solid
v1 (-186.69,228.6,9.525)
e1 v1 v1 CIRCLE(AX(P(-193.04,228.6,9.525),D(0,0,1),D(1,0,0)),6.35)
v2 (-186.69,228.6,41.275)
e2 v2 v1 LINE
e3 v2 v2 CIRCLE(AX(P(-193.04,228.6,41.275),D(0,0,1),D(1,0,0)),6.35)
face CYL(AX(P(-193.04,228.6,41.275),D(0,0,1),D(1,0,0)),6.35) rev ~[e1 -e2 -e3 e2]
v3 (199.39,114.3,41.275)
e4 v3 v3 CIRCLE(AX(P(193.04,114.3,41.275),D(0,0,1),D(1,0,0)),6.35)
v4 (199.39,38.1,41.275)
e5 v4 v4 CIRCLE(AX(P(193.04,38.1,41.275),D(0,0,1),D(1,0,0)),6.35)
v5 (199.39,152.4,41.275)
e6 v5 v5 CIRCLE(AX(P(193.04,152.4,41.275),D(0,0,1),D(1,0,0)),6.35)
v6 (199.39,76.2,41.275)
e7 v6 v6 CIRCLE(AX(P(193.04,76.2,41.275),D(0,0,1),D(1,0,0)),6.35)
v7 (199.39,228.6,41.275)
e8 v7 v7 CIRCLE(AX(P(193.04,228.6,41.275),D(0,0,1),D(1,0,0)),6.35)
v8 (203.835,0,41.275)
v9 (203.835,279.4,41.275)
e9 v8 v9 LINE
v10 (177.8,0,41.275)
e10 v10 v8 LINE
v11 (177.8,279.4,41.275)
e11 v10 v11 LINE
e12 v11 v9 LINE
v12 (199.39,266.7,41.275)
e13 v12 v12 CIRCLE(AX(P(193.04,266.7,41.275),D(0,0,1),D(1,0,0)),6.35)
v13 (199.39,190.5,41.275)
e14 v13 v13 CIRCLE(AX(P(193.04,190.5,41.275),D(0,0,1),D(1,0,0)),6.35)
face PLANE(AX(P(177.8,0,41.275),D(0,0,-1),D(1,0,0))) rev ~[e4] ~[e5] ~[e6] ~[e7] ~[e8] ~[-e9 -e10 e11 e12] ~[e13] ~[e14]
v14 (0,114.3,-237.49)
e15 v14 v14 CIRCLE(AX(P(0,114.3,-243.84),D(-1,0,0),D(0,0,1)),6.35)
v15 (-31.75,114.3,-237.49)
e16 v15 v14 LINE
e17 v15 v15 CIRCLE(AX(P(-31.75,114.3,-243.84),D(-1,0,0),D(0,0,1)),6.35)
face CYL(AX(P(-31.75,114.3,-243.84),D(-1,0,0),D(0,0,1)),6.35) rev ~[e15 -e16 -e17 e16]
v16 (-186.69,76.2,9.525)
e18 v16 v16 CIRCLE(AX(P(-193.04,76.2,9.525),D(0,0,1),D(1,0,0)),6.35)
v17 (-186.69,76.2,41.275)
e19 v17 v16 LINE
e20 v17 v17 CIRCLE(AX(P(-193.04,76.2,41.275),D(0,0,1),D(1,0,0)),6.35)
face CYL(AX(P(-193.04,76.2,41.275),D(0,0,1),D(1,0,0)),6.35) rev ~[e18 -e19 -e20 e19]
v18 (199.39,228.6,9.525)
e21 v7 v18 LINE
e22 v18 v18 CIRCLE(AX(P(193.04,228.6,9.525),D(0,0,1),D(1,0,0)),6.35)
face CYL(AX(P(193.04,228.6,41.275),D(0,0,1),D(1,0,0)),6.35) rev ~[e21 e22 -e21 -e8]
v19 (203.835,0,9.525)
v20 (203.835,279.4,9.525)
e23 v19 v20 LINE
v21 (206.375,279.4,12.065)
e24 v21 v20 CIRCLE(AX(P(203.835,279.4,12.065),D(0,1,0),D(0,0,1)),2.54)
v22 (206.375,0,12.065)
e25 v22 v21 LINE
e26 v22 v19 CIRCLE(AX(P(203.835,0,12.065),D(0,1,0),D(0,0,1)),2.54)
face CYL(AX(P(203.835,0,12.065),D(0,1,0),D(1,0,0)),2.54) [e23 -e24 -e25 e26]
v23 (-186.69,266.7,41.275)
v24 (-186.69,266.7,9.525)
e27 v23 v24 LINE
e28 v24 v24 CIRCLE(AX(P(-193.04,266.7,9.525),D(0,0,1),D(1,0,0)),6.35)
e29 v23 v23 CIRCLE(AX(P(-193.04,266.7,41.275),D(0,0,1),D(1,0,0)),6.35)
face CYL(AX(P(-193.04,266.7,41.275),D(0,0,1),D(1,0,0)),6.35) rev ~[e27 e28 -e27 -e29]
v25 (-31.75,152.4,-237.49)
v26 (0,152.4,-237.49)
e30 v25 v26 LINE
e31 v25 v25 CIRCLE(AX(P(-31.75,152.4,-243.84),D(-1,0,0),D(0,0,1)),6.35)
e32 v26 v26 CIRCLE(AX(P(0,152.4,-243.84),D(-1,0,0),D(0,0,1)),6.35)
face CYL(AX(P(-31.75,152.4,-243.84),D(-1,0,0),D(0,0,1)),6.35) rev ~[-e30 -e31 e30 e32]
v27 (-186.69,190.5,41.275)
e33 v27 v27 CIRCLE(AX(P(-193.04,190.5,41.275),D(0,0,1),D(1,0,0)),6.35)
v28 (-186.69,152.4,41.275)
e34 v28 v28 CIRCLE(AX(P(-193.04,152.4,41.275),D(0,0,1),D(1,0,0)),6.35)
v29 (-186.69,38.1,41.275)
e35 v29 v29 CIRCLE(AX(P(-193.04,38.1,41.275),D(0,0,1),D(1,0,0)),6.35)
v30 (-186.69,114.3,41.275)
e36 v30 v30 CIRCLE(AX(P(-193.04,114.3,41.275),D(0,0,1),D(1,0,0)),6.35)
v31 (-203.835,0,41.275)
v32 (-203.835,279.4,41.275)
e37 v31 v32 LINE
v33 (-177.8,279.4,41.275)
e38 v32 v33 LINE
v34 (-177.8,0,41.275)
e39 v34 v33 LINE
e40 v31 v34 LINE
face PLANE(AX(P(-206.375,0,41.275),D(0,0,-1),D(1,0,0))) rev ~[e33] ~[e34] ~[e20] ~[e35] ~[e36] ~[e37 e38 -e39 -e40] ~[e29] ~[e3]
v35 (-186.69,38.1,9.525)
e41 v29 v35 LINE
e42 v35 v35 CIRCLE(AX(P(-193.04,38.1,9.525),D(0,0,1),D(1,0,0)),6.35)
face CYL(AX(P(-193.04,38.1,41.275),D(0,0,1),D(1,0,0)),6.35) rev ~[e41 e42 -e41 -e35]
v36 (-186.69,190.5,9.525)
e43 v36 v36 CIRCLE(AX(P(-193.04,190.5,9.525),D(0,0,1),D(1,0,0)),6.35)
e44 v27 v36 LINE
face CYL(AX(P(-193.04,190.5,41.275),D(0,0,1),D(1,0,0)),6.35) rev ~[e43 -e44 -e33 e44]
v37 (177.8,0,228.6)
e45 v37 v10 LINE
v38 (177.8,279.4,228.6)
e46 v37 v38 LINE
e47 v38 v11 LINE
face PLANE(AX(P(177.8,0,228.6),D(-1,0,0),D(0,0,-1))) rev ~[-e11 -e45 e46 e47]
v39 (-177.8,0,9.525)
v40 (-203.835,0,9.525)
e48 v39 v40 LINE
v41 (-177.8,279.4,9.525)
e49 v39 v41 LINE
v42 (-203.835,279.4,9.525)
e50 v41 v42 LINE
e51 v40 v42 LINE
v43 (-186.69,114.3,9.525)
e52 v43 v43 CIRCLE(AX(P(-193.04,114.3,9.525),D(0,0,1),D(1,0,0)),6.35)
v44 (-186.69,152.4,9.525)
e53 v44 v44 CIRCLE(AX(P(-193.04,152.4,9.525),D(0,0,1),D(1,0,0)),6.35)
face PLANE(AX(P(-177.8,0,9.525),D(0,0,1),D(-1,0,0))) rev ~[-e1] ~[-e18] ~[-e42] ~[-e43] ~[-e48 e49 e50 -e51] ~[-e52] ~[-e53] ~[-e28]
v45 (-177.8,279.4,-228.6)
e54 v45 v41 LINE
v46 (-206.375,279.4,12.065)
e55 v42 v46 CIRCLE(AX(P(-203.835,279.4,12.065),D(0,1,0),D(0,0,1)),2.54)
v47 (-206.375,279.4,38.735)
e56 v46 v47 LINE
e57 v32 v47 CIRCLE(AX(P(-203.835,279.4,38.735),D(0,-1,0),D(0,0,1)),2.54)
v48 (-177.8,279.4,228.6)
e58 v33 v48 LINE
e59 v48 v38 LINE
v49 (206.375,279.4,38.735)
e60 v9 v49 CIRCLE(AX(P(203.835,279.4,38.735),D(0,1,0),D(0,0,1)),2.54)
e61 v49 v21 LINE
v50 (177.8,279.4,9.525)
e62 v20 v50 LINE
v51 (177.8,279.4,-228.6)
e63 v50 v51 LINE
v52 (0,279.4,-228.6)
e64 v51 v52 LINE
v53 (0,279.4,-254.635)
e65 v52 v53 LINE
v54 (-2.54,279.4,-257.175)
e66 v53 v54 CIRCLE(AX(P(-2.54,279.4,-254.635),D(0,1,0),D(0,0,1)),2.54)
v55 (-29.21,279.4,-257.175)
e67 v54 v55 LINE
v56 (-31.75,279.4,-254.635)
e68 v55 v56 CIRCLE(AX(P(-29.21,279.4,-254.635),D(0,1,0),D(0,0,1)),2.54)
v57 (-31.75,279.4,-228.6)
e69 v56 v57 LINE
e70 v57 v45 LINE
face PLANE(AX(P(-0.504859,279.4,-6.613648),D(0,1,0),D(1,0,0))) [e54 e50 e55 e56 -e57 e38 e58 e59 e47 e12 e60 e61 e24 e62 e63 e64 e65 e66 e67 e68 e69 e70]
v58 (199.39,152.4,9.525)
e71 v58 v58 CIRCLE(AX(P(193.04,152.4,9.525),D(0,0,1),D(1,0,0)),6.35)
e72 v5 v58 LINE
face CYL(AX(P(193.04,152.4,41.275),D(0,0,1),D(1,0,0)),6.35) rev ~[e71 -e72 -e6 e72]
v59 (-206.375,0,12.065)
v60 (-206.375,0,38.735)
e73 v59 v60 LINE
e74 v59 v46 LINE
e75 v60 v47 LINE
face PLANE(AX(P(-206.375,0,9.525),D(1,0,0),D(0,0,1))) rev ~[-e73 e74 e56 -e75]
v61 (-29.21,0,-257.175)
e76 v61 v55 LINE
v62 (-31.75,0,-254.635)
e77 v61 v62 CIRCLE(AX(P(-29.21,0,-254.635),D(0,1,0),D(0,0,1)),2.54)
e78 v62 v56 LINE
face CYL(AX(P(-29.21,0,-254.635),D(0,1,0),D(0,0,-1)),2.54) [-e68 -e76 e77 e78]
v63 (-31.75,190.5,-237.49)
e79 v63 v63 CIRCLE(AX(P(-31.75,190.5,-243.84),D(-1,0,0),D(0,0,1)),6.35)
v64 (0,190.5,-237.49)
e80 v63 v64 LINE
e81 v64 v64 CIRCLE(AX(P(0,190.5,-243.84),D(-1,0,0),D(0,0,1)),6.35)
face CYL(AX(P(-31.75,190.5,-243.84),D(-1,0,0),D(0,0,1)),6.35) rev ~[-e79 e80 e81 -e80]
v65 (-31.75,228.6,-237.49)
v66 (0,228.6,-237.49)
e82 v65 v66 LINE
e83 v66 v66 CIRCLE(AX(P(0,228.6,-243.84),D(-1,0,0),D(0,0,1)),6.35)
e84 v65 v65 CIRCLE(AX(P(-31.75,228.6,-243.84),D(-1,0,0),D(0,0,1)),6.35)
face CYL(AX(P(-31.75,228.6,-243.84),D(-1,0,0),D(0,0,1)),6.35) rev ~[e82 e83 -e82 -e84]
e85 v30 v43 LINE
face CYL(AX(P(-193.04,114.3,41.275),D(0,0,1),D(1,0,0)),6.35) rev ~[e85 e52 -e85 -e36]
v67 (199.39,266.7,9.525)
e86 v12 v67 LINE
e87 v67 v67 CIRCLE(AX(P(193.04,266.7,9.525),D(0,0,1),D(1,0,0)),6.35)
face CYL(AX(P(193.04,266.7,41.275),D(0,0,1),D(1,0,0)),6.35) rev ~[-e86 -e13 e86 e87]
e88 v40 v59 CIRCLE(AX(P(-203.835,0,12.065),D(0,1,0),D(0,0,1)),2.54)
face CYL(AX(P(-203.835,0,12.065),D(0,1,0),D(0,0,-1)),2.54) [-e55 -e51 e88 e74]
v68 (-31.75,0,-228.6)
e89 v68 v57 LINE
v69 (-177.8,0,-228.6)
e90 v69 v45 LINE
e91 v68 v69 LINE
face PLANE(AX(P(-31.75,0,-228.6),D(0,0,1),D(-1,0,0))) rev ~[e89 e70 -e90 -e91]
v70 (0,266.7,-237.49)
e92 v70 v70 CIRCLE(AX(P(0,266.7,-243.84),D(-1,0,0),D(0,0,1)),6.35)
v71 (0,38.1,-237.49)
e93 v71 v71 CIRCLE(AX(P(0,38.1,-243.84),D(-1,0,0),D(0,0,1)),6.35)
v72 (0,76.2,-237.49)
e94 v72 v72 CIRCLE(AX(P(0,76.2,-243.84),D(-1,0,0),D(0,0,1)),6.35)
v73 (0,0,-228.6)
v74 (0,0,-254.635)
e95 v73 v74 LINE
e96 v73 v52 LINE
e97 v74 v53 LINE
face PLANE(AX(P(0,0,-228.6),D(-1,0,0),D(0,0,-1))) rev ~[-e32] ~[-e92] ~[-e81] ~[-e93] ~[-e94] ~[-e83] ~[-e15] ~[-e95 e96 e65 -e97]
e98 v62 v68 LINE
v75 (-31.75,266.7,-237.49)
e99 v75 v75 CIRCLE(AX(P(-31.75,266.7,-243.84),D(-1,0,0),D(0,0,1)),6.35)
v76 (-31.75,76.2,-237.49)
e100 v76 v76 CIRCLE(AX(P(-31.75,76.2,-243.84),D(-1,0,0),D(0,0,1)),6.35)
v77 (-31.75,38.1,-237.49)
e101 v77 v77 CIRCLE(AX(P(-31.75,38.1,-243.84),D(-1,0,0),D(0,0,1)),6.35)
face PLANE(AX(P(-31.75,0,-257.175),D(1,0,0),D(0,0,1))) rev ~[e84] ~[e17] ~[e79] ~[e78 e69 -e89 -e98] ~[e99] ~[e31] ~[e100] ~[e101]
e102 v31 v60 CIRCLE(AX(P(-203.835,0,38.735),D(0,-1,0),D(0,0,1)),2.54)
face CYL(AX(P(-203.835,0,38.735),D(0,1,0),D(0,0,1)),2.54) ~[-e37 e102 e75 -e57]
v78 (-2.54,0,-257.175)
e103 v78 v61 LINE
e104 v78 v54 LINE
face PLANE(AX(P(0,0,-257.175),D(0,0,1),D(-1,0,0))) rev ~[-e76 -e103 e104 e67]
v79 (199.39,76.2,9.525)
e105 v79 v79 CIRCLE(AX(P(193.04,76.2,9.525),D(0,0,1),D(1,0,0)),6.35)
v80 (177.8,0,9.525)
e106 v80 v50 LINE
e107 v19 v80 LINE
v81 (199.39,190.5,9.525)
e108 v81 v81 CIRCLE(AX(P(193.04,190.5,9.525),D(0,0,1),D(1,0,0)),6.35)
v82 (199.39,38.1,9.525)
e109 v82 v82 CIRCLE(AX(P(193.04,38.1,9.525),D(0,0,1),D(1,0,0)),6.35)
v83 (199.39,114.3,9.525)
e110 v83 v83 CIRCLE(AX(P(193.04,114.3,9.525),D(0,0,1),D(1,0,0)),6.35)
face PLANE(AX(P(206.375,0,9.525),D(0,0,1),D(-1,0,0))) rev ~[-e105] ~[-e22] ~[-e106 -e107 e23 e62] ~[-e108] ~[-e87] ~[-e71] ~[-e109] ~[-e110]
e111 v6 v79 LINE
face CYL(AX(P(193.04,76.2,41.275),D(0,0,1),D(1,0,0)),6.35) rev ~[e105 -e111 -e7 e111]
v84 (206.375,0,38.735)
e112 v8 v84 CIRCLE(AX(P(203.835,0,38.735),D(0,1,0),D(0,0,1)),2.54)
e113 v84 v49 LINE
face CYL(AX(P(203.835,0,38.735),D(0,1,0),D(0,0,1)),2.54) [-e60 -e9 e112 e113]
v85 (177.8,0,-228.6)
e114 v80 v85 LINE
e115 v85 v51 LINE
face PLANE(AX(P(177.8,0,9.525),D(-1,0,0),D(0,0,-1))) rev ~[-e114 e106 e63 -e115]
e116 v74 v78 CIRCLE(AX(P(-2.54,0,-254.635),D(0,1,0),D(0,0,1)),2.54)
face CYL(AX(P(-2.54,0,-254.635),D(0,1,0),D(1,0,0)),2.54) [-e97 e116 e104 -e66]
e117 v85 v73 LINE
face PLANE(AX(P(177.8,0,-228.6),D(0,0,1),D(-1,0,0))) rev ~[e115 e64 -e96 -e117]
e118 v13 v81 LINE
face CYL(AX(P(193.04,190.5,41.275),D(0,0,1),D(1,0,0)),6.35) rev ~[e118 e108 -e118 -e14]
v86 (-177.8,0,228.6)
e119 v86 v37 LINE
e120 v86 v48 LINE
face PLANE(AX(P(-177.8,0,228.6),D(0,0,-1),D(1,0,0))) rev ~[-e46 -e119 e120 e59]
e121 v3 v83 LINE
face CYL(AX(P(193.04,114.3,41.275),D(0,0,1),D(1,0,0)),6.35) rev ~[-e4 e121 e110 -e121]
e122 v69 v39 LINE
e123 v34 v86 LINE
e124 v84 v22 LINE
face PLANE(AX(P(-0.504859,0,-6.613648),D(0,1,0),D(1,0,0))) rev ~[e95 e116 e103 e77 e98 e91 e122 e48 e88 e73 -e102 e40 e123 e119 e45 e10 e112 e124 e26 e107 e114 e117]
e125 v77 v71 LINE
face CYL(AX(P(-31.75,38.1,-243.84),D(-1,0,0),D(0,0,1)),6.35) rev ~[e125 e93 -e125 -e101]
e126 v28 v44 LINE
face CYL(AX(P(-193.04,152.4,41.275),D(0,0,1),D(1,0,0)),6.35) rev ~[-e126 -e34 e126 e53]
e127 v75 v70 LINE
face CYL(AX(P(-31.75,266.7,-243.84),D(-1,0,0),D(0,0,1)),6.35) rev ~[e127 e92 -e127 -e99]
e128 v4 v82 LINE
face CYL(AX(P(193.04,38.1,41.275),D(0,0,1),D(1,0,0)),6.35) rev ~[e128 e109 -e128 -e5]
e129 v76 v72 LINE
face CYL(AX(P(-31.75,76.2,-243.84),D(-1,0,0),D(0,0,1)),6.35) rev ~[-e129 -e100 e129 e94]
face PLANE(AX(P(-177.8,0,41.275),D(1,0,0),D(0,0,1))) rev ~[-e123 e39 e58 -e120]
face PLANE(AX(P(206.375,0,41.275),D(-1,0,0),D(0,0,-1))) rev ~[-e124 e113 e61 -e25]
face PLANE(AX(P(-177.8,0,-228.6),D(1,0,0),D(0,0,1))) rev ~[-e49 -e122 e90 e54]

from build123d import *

# Parameters (mm, degrees)
BOSS_EXTRUDE1_DEPTH = 279.4
SKETCH2_R           = 6.35
CUT_EXTRUDE1_DEPTH  = 45.72
SKETCH3_R           = 6.35
CUT_EXTRUDE2_DEPTH  = 45.72
FILLET1_R           = 2.54


with BuildPart() as part:
    # Sketch1 → Boss-Extrude1 (new body)
    with BuildSketch(Plane(origin=(0, 0, 0), x_dir=(1, 0, 0), z_dir=(0, 1, 0))):
        Polygon((-177.8, -228.6), (-31.75, -228.6), (31.75, -228.6), (177.8, -228.6), (177.8, -41.275), (206.375, -41.275), (206.375, -9.525), (177.8, -9.525), (177.8, 228.6), (0, 228.6), (0, 257.175), (-31.75, 257.175), (-31.75, 228.6), (-177.8, 228.6), (-177.8, -9.525), (-206.375, -9.525), (-206.375, -41.275), (-177.8, -41.275), align=None)
    extrude(amount=BOSS_EXTRUDE1_DEPTH)

    # Sketch2 → Cut-Extrude1 (cut)
    with BuildSketch(Plane.XY.offset(41.275)):
        with Locations((-193.04, 38.1)):
            Circle(SKETCH2_R)
        with Locations((-193.04, 76.2)):
            Circle(SKETCH2_R)
        with Locations((-193.04, 114.3)):
            Circle(SKETCH2_R)
        with Locations((-193.04, 152.4)):
            Circle(SKETCH2_R)
        with Locations((-193.04, 190.5)):
            Circle(SKETCH2_R)
        with Locations((-193.04, 228.6)):
            Circle(SKETCH2_R)
        with Locations((-193.04, 266.7)):
            Circle(SKETCH2_R)
        with Locations((193.04, 266.7)):
            Circle(SKETCH2_R)
        with Locations((193.04, 228.6)):
            Circle(SKETCH2_R)
        with Locations((193.04, 190.5)):
            Circle(SKETCH2_R)
        with Locations((193.04, 152.4)):
            Circle(SKETCH2_R)
        with Locations((193.04, 114.3)):
            Circle(SKETCH2_R)
        with Locations((193.04, 76.2)):
            Circle(SKETCH2_R)
        with Locations((193.04, 38.1)):
            Circle(SKETCH2_R)
    extrude(amount=-CUT_EXTRUDE1_DEPTH, mode=Mode.SUBTRACT)

    # Sketch3 → Cut-Extrude2 (cut)
    with BuildSketch(Plane.ZY.offset(31.75)):
        with Locations((-243.84, 38.1)):
            Circle(SKETCH3_R)
        with Locations((-243.84, 76.2)):
            Circle(SKETCH3_R)
        with Locations((-243.84, 114.3)):
            Circle(SKETCH3_R)
        with Locations((-243.84, 152.4)):
            Circle(SKETCH3_R)
        with Locations((-243.84, 190.5)):
            Circle(SKETCH3_R)
        with Locations((-243.84, 228.6)):
            Circle(SKETCH3_R)
        with Locations((-243.84, 266.7)):
            Circle(SKETCH3_R)
    extrude(amount=-CUT_EXTRUDE2_DEPTH, mode=Mode.SUBTRACT)

    # Fillet1
    fillet1_edges = [part.edges().sort_by_distance(p)[0] for p in [
        (-206.375, 139.7, 41.275),
        (-206.375, 139.7, 9.525),
        (-31.75, 139.7, -257.175),
        (0, 139.7, -257.175),
        (206.375, 139.7, 9.525),
        (206.375, 139.7, 41.275),
    ]]
    fillet(fillet1_edges, radius=FILLET1_R)


solid = part.part
